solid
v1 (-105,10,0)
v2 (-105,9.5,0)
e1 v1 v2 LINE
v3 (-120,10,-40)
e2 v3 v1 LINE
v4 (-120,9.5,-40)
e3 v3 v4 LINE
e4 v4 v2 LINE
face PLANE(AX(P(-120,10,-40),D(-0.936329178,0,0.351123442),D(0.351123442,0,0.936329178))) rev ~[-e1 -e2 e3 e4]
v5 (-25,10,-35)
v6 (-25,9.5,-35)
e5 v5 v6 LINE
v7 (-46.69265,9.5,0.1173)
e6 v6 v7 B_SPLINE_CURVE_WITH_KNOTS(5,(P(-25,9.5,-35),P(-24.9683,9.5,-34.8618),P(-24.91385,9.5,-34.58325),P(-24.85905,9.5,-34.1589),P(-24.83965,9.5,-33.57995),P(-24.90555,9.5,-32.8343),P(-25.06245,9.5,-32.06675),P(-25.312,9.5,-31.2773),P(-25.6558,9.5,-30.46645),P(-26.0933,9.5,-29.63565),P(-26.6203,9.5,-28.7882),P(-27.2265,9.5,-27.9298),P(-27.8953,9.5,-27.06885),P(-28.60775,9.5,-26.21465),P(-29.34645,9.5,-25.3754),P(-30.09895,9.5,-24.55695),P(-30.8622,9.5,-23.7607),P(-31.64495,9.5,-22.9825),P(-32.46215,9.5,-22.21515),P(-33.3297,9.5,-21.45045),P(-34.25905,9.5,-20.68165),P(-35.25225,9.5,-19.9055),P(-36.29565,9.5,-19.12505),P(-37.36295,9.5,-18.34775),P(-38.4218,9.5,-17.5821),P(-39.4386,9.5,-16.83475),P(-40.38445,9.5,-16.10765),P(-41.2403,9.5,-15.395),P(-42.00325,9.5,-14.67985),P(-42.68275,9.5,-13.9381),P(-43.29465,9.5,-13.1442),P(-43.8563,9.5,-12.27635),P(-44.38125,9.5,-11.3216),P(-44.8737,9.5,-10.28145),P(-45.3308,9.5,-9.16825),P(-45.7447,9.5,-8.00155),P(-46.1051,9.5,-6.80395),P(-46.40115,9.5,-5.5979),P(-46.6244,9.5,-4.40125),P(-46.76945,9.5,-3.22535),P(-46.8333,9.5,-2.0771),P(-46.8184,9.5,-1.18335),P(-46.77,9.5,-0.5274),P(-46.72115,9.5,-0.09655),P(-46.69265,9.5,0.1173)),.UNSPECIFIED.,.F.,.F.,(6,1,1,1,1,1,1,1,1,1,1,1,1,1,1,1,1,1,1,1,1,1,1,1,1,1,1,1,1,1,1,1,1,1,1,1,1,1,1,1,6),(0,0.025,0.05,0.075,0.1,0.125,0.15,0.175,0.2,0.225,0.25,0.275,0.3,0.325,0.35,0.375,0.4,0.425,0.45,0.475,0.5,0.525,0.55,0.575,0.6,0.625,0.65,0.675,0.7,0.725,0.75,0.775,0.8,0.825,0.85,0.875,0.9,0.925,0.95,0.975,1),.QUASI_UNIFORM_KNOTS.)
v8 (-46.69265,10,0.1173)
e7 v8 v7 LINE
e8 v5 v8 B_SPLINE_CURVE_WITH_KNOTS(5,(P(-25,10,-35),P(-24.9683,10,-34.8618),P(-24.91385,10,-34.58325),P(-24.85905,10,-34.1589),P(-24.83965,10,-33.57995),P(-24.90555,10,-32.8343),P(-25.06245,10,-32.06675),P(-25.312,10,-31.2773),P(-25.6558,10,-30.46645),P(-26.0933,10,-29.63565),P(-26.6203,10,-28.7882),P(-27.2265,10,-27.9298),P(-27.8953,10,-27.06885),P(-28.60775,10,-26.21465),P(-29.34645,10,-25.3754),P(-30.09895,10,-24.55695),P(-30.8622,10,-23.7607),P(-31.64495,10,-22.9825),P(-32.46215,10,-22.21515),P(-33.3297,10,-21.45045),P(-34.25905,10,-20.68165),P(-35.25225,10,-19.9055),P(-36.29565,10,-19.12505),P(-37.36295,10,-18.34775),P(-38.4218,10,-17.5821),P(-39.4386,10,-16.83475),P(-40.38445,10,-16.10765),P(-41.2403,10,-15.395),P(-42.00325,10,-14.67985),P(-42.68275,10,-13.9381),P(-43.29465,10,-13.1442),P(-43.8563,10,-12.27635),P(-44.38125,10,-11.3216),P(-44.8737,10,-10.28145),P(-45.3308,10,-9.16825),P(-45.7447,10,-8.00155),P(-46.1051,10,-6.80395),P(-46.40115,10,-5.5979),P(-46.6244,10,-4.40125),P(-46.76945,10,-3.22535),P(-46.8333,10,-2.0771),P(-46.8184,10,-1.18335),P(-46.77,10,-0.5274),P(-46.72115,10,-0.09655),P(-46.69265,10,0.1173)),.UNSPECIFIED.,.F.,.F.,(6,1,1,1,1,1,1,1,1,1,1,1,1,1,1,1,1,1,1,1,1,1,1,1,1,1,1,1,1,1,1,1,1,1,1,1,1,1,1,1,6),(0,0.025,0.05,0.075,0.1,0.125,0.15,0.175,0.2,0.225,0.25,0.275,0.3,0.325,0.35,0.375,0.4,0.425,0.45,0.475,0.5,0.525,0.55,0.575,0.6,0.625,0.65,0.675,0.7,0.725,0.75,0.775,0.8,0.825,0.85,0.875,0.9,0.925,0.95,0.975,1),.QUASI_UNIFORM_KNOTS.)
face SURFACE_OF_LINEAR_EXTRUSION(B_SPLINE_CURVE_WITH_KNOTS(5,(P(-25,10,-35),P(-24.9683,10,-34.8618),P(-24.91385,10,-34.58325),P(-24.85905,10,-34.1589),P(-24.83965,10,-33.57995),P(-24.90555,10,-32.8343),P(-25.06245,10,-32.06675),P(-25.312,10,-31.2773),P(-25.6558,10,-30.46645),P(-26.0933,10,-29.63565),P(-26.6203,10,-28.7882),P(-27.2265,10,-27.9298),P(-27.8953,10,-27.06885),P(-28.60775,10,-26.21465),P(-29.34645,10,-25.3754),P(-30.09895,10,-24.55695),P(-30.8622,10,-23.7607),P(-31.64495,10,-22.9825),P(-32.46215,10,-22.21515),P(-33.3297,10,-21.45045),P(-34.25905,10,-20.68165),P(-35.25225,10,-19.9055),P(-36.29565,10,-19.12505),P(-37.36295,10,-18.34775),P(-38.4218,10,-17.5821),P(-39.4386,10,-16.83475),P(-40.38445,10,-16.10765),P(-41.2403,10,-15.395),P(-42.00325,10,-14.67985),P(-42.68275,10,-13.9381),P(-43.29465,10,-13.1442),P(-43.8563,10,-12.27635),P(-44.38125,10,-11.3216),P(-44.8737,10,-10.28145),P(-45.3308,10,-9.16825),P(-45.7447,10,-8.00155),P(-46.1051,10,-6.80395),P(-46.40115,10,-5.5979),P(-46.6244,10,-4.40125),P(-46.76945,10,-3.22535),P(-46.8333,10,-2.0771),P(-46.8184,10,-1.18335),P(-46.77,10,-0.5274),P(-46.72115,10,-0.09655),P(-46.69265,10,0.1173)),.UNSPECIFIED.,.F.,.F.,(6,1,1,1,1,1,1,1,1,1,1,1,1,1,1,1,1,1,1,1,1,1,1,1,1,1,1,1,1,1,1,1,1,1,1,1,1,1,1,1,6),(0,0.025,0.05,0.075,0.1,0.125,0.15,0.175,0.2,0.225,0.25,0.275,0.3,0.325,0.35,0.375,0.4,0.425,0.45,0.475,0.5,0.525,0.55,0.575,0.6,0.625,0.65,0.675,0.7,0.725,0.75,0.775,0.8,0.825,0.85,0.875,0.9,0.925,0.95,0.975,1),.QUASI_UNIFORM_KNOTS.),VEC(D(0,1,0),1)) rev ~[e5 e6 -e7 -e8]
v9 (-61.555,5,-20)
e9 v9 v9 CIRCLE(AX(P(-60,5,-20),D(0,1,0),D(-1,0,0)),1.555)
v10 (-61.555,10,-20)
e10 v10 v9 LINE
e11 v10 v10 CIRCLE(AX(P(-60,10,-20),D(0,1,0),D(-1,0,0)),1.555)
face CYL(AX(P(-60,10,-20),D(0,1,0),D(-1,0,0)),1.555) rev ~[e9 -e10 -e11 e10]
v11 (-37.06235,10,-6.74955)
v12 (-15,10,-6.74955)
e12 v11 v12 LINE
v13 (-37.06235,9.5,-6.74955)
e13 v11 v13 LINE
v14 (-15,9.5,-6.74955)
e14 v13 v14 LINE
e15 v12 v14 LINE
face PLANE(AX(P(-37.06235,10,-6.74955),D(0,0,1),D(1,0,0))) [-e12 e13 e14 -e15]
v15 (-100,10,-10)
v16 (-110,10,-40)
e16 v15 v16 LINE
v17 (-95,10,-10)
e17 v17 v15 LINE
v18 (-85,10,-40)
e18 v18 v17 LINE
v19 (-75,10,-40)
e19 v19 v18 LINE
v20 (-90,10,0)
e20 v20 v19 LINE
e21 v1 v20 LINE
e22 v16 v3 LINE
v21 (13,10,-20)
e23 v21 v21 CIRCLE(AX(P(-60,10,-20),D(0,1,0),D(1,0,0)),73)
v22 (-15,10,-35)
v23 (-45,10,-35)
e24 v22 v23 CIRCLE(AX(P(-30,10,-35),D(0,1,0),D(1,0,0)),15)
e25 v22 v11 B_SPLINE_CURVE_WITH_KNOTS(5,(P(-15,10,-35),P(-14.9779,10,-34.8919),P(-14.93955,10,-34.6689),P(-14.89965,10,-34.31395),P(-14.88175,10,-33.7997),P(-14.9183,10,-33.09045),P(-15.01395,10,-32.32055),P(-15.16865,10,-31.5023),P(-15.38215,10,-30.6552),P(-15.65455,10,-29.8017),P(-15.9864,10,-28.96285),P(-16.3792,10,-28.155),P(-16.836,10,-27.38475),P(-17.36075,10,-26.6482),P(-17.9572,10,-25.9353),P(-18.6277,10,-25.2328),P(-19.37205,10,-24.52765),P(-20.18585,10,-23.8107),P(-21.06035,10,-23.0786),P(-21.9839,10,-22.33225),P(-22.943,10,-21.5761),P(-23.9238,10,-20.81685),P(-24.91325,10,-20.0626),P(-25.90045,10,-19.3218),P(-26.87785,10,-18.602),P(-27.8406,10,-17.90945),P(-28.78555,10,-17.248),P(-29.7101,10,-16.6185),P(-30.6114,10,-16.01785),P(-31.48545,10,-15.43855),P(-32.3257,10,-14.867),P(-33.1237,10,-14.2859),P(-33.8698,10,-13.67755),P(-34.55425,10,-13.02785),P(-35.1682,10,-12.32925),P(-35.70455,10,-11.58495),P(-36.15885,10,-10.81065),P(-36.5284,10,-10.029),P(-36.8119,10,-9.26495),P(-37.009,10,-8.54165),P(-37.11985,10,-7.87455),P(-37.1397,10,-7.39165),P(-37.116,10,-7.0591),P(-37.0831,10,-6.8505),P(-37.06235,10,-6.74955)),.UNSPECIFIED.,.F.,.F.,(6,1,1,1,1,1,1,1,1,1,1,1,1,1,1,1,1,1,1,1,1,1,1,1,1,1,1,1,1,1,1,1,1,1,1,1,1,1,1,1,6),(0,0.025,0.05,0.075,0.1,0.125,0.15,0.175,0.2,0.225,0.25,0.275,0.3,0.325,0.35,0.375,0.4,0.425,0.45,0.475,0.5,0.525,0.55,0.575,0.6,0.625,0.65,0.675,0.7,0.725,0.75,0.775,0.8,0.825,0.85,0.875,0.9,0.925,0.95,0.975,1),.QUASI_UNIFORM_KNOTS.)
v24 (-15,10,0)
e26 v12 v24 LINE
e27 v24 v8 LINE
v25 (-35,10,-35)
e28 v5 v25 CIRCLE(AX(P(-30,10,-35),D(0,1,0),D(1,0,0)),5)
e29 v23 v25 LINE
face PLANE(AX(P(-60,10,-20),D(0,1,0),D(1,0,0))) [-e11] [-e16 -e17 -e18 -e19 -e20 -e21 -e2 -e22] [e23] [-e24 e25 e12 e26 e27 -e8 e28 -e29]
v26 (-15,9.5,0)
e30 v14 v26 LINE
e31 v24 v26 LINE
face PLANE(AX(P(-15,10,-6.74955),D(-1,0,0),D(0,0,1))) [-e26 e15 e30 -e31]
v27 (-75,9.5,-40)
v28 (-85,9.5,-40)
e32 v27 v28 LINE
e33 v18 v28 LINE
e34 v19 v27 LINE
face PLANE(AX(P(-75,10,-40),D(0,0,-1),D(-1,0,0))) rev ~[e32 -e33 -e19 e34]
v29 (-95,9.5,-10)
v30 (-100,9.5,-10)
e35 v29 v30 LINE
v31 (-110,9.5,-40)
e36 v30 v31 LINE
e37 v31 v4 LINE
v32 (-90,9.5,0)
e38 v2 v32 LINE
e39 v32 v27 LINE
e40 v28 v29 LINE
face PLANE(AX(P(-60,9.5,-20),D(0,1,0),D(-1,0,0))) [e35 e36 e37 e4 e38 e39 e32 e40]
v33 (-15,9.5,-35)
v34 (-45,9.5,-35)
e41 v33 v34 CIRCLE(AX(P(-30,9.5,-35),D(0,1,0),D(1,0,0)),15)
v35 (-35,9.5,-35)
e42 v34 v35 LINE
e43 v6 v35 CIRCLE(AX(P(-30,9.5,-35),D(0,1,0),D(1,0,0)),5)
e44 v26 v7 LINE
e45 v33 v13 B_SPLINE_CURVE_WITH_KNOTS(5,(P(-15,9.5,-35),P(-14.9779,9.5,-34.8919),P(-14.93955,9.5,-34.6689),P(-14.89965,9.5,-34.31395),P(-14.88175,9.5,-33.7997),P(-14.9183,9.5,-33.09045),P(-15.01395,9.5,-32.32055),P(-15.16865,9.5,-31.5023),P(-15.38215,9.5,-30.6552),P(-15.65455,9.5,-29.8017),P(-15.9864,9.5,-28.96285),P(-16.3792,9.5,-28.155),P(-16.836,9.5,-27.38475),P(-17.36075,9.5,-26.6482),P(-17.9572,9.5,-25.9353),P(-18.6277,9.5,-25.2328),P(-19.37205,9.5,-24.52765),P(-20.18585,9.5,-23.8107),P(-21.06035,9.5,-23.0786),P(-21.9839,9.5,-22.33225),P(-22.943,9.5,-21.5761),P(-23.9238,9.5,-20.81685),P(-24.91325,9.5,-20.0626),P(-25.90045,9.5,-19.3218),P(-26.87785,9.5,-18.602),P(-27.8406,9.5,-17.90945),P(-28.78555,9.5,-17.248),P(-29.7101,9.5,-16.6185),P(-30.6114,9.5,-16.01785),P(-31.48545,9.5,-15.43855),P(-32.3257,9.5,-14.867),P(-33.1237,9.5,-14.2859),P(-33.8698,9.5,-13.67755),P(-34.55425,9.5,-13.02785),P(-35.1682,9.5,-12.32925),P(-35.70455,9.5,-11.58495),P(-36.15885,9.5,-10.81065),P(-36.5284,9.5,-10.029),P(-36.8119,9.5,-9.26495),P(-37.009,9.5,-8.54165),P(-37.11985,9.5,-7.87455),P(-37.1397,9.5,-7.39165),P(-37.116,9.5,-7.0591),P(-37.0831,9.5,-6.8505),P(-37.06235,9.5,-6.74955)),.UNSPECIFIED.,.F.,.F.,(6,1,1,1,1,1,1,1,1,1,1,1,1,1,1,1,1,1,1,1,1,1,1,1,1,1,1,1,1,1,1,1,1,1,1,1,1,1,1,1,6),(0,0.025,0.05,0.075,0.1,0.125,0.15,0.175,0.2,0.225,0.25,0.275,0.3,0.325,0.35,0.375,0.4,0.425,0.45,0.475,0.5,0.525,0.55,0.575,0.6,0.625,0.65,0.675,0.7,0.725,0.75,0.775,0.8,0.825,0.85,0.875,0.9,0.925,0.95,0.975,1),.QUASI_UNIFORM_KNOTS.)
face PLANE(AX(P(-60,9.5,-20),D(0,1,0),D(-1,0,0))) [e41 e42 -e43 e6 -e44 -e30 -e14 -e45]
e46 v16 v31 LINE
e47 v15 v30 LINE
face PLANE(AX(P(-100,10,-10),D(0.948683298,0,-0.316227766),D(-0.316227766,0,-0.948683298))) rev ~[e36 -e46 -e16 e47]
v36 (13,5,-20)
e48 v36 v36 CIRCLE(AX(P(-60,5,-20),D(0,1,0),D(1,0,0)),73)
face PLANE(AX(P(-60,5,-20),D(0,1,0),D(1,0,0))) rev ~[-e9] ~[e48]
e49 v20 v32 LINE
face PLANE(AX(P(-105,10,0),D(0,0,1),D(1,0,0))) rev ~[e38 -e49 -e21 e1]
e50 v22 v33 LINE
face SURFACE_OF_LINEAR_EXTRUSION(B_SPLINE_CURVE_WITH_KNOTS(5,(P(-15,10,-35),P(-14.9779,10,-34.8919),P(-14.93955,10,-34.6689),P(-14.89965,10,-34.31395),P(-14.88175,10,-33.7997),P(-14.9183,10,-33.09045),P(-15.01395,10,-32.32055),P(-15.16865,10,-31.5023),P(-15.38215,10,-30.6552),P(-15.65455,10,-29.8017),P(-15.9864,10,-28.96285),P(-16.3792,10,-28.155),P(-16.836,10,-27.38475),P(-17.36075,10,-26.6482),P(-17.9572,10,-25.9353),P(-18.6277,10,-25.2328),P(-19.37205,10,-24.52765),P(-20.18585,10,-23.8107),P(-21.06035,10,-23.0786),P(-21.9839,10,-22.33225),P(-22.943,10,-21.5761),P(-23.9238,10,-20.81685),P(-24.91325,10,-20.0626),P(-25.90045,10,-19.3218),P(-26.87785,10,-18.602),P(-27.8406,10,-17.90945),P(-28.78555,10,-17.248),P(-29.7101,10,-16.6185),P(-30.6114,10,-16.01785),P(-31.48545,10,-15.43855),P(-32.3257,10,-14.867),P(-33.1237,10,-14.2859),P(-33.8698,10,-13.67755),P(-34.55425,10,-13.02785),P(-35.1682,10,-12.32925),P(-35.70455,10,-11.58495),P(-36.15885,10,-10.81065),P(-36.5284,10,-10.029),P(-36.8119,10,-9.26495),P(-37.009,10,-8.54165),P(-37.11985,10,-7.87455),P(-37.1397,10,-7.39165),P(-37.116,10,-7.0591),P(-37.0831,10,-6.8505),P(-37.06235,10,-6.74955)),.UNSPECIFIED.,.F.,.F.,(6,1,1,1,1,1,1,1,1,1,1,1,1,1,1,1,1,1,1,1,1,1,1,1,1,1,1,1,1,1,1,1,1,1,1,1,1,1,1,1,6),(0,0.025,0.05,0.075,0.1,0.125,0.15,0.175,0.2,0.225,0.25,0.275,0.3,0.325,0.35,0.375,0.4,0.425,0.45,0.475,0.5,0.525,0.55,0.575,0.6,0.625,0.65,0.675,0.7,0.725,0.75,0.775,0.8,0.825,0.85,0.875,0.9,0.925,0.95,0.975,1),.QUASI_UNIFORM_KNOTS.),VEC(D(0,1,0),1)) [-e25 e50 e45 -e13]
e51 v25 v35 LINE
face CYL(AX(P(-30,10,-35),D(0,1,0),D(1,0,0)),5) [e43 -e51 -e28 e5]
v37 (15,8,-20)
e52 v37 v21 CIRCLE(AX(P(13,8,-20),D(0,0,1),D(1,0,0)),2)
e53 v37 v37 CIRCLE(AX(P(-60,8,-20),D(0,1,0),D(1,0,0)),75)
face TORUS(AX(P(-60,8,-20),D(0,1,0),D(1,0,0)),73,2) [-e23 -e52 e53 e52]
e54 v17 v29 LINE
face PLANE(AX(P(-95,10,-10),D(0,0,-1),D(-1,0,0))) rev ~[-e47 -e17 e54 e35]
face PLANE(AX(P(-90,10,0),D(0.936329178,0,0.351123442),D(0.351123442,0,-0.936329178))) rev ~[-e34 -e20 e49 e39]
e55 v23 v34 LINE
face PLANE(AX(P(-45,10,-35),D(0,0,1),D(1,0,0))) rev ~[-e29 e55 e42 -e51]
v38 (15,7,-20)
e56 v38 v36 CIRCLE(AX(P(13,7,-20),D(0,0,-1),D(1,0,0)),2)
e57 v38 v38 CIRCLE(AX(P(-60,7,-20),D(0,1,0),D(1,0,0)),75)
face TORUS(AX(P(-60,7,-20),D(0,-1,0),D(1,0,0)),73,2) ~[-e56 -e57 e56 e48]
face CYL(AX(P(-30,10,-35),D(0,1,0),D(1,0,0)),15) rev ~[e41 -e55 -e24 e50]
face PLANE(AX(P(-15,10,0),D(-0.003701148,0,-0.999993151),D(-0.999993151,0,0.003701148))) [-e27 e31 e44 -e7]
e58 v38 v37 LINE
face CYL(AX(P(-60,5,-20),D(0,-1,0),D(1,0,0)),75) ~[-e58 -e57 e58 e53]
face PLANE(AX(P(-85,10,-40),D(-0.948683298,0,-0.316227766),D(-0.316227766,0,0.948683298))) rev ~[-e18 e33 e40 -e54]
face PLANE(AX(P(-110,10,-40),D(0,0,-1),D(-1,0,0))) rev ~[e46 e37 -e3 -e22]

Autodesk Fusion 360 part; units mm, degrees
sketch "Sketch1" plane through (0, 0, 0) normal (0, 1, 0) x (1, 0, 0)
  circle A0 centre (0, 0) radius 150
  dimension "d1" = 300
extrude "Extrude1" add sketch "Sketch1" along normal blind 10
fillet "Fillet1" radius 4 1 edges at (-139.8491, 10, 54.2423)
fillet "Fillet2" radius 4 1 edges at (-139.8491, 0, 54.2423)
sketch "Sketch2" plane through (0, 0, 0) normal (0, -1, 0) x (1, 0, 0)
  circle A0 centre (0, 0) radius 146
sketch "Sketch3" plane through (0, 0, 0) normal (0, 1, 0) x (1, 0, 0)
  circle A0 centre (0, 0) radius 1.555
  dimension "d12" = 3.11
extrude "Extrude2" cut sketch "Sketch3" along normal blind 11
sketch "Sketch4" plane through (0, 10, 0) normal (0, 1, 0) x (-1, 0, 0)
  circle A0 centre (0, 0) radius 1.555
  circle A1 centre (0, 0) radius 146
  line L0 (120, -40) -> (90, 40)
  line L1 (90, 40) -> (60, 40)
  line L2 (60, 40) -> (30, -40)
  line L3 (30, -40) -> (50, -40)
  line L4 (50, -40) -> (70, 20)
  line L5 (70, 20) -> (80, 20)
  line L6 (80, 20) -> (100, -40)
  line L7 (100, -40) -> (120, -40)
  line L8 (-30, -30) -> (-50, -30)
  arc A2 (-70, -30) -> (-50, -30) centre (-60, -30) ccw
  arc A3 (-90, -30) -> (-30, -30) centre (-60, -30) ccw
  spline S0 degree 5 poles (-70, -30) (-70.0634, -29.7236) (-70.1723, -29.1665) (-70.2819, -28.3178) (-70.3207, -27.1599) (-70.1889, -25.6686) (-69.8751, -24.1335) (-69.376, -22.5546) (-68.6884, -20.9329) (-67.8134, -19.2713) (-66.7594, -17.5764) (-65.547, -15.8596) (-64.2094, -14.1377) (-62.7845, -12.4293) (-61.3071, -10.7508) (-59.8021, -9.1139) (-58.2756, -7.5214) (-56.7101, -5.965) (-55.0757, -4.4303) (-53.3406, -2.9009) (-51.4819, -1.3633) (-49.4955, 0.189) (-47.4087, 1.7499) (-45.2741, 3.3045) (-43.1564, 4.8358) (-41.1228, 6.3305) (-39.2311, 7.7847) (-37.5194, 9.21) (-35.9935, 10.6403) (-34.6345, 12.1238) (-33.4107, 13.7116) (-32.2874, 15.4473) (-31.2375, 17.3568) (-30.2526, 19.4371) (-29.3384, 21.6635) (-28.5106, 23.9969) (-27.7898, 26.3921) (-27.1977, 28.8042) (-26.7512, 31.1975) (-26.4611, 33.5493) (-26.3334, 35.8458) (-26.3632, 37.6333) (-26.46, 38.9452) (-26.5577, 39.8069) (-26.6147, 40.2346) knots 0 0 0 0 0 0 0.025 0.05 0.075 0.1 0.125 0.15 0.175 0.2 0.225 0.25 0.275 0.3 0.325 0.35 0.375 0.4 0.425 0.45 0.475 0.5 0.525 0.55 0.575 0.6 0.625 0.65 0.675 0.7 0.725 0.75 0.775 0.8 0.825 0.85 0.875 0.9 0.925 0.95 0.975 1 1 1 1 1 1
  spline S1 degree 5 poles (-90, -30) (-90.0442, -29.7838) (-90.1209, -29.3378) (-90.2007, -28.6279) (-90.2365, -27.5994) (-90.1634, -26.1809) (-89.9721, -24.6411) (-89.6627, -23.0046) (-89.2357, -21.3104) (-88.6909, -19.6034) (-88.0272, -17.9257) (-87.2416, -16.31) (-86.328, -14.7695) (-85.2785, -13.2964) (-84.0856, -11.8706) (-82.7446, -10.4656) (-81.2559, -9.0553) (-79.6283, -7.6214) (-77.8793, -6.1572) (-76.0322, -4.6645) (-74.114, -3.1522) (-72.1524, -1.6337) (-70.1735, -0.1252) (-68.1991, 1.3564) (-66.2443, 2.796) (-64.3188, 4.1811) (-62.4289, 5.504) (-60.5798, 6.763) (-58.7772, 7.9643) (-57.0291, 9.1229) (-55.3486, 10.266) (-53.7526, 11.4282) (-52.2604, 12.6449) (-50.8915, 13.9443) (-49.6636, 15.3415) (-48.5909, 16.8301) (-47.6823, 18.3787) (-46.9432, 19.942) (-46.3762, 21.4701) (-45.982, 22.9167) (-45.7603, 24.2509) (-45.7206, 25.2167) (-45.768, 25.8818) (-45.8338, 26.299) (-45.8753, 26.5009) knots 0 0 0 0 0 0 0.025 0.05 0.075 0.1 0.125 0.15 0.175 0.2 0.225 0.25 0.275 0.3 0.325 0.35 0.375 0.4 0.425 0.45 0.475 0.5 0.525 0.55 0.575 0.6 0.625 0.65 0.675 0.7 0.725 0.75 0.775 0.8 0.825 0.85 0.875 0.9 0.925 0.95 0.975 1 1 1 1 1 1
  line L9 (-45.8753, 26.5009) -> (-90, 26.5009)
  line L10 (-90, 26.5009) -> (-90, 40)
  line L11 (-90, 40) -> (-26.6147, 40.2346)
  point P0 (-70, -24.8518)
  point P1 (-67, -18)
  point P2 (-60, -9.3422)
  point P3 (-51, -1)
  point P4 (-39, 8)
  point P5 (-32.2588, 15.5698)
  point P6 (-27.4521, 27.8408)
  point P7 (-90, -25)
  point P8 (-87.5787, -17.0448)
  point P9 (-81.7168, -9.508)
  point P10 (-70, 0)
  point P11 (-58.1016, 8.4127)
  point P12 (-50, 15)
  point P13 (-46.2103, 22.1464)
extrude "Extrude3" cut sketch "Sketch4" against normal blind 1 contours L0 L1 L2 L3 L4 L5 L6 L7 | L8 A2 A3 S0 S1 L9 L10 L11
scale "Scale1" factor 0.5 about (-120, 10, -40) bodies 1
sketch "Sketch5" plane through (0, 10, 0) normal (0, 1, 0) x (-1, 0, 0)
  line L0 (105, 0) -> (120, -40)
  line L1 (120, -40) -> (110, -40)
  line L2 (110, -40) -> (100, -10)
  line L3 (100, -10) -> (95, -10)
  line L4 (95, -10) -> (85, -40)
  line L5 (85, -40) -> (75, -40)
  line L6 (75, -40) -> (90, 0)
  line L7 (90, 0) -> (105, 0)
  line L8 (35, -35) -> (45, -35)
  arc A0 (15, -35) -> (45, -35) centre (30, -35) ccw
  spline S0 degree 5 poles (15, -35) (14.9779, -34.8919) (14.9396, -34.6689) (14.8997, -34.3139) (14.8818, -33.7997) (14.9183, -33.0904) (15.0139, -32.3206) (15.1686, -31.5023) (15.3821, -30.6552) (15.6545, -29.8017) (15.9864, -28.9629) (16.3792, -28.155) (16.836, -27.3848) (17.3607, -26.6482) (17.9572, -25.9353) (18.6277, -25.2328) (19.372, -24.5277) (20.1858, -23.8107) (21.0604, -23.0786) (21.9839, -22.3322) (22.943, -21.5761) (23.9238, -20.8169) (24.9133, -20.0626) (25.9004, -19.3218) (26.8778, -18.602) (27.8406, -17.9094) (28.7856, -17.248) (29.7101, -16.6185) (30.6114, -16.0179) (31.4854, -15.4385) (32.3257, -14.867) (33.1237, -14.2859) (33.8698, -13.6776) (34.5542, -13.0279) (35.1682, -12.3293) (35.7046, -11.585) (36.1589, -10.8107) (36.5284, -10.029) (36.8119, -9.265) (37.009, -8.5416) (37.1199, -7.8746) (37.1397, -7.3916) (37.116, -7.0591) (37.0831, -6.8505) (37.0623, -6.7495) knots 0 0 0 0 0 0 0.025 0.05 0.075 0.1 0.125 0.15 0.175 0.2 0.225 0.25 0.275 0.3 0.325 0.35 0.375 0.4 0.425 0.45 0.475 0.5 0.525 0.55 0.575 0.6 0.625 0.65 0.675 0.7 0.725 0.75 0.775 0.8 0.825 0.85 0.875 0.9 0.925 0.95 0.975 1 1 1 1 1 1
  line L9 (37.0623, -6.7495) -> (15, -6.7495)
  line L10 (15, -6.7495) -> (15, 0)
  line L11 (15, 0) -> (46.6926, 0.1173)
  spline S1 degree 5 poles (46.6926, 0.1173) (46.7212, -0.0965) (46.77, -0.5274) (46.8184, -1.1833) (46.8333, -2.0771) (46.7694, -3.2253) (46.6244, -4.4012) (46.4012, -5.5979) (46.1051, -6.804) (45.7447, -8.0015) (45.3308, -9.1683) (44.8737, -10.2814) (44.3812, -11.3216) (43.8563, -12.2763) (43.2946, -13.1442) (42.6827, -13.9381) (42.0033, -14.6798) (41.2403, -15.395) (40.3845, -16.1076) (39.4386, -16.8347) (38.4218, -17.5821) (37.363, -18.3478) (36.2956, -19.1251) (35.2523, -19.9055) (34.259, -20.6816) (33.3297, -21.4504) (32.4621, -22.2152) (31.645, -22.9825) (30.8622, -23.7607) (30.099, -24.5569) (29.3464, -25.3754) (28.6078, -26.2146) (27.8953, -27.0689) (27.2265, -27.9298) (26.6203, -28.7882) (26.0933, -29.6357) (25.6558, -30.4664) (25.312, -31.2773) (25.0624, -32.0667) (24.9055, -32.8343) (24.8397, -33.5799) (24.859, -34.1589) (24.9139, -34.5833) (24.9683, -34.8618) (25, -35) knots -1 -1 -1 -1 -1 -1 -0.975 -0.95 -0.925 -0.9 -0.875 -0.85 -0.825 -0.8 -0.775 -0.75 -0.725 -0.7 -0.675 -0.65 -0.625 -0.6 -0.575 -0.55 -0.525 -0.5 -0.475 -0.45 -0.425 -0.4 -0.375 -0.35 -0.325 -0.3 -0.275 -0.25 -0.225 -0.2 -0.175 -0.15 -0.125 -0.1 -0.075 -0.05 -0.025 0 0 0 0 0 0
  arc A1 (25, -35) -> (35, -35) centre (30, -35) ccw
  circle A2 centre (60, -20) radius 0.7775
  circle A3 centre (60, -20) radius 73
  circle A4 centre (60, -20) radius 1.555
  dimension "d18" = 3.11
extrude "Extrude4" cut sketch "Sketch5" against normal blind 11 contours A4
